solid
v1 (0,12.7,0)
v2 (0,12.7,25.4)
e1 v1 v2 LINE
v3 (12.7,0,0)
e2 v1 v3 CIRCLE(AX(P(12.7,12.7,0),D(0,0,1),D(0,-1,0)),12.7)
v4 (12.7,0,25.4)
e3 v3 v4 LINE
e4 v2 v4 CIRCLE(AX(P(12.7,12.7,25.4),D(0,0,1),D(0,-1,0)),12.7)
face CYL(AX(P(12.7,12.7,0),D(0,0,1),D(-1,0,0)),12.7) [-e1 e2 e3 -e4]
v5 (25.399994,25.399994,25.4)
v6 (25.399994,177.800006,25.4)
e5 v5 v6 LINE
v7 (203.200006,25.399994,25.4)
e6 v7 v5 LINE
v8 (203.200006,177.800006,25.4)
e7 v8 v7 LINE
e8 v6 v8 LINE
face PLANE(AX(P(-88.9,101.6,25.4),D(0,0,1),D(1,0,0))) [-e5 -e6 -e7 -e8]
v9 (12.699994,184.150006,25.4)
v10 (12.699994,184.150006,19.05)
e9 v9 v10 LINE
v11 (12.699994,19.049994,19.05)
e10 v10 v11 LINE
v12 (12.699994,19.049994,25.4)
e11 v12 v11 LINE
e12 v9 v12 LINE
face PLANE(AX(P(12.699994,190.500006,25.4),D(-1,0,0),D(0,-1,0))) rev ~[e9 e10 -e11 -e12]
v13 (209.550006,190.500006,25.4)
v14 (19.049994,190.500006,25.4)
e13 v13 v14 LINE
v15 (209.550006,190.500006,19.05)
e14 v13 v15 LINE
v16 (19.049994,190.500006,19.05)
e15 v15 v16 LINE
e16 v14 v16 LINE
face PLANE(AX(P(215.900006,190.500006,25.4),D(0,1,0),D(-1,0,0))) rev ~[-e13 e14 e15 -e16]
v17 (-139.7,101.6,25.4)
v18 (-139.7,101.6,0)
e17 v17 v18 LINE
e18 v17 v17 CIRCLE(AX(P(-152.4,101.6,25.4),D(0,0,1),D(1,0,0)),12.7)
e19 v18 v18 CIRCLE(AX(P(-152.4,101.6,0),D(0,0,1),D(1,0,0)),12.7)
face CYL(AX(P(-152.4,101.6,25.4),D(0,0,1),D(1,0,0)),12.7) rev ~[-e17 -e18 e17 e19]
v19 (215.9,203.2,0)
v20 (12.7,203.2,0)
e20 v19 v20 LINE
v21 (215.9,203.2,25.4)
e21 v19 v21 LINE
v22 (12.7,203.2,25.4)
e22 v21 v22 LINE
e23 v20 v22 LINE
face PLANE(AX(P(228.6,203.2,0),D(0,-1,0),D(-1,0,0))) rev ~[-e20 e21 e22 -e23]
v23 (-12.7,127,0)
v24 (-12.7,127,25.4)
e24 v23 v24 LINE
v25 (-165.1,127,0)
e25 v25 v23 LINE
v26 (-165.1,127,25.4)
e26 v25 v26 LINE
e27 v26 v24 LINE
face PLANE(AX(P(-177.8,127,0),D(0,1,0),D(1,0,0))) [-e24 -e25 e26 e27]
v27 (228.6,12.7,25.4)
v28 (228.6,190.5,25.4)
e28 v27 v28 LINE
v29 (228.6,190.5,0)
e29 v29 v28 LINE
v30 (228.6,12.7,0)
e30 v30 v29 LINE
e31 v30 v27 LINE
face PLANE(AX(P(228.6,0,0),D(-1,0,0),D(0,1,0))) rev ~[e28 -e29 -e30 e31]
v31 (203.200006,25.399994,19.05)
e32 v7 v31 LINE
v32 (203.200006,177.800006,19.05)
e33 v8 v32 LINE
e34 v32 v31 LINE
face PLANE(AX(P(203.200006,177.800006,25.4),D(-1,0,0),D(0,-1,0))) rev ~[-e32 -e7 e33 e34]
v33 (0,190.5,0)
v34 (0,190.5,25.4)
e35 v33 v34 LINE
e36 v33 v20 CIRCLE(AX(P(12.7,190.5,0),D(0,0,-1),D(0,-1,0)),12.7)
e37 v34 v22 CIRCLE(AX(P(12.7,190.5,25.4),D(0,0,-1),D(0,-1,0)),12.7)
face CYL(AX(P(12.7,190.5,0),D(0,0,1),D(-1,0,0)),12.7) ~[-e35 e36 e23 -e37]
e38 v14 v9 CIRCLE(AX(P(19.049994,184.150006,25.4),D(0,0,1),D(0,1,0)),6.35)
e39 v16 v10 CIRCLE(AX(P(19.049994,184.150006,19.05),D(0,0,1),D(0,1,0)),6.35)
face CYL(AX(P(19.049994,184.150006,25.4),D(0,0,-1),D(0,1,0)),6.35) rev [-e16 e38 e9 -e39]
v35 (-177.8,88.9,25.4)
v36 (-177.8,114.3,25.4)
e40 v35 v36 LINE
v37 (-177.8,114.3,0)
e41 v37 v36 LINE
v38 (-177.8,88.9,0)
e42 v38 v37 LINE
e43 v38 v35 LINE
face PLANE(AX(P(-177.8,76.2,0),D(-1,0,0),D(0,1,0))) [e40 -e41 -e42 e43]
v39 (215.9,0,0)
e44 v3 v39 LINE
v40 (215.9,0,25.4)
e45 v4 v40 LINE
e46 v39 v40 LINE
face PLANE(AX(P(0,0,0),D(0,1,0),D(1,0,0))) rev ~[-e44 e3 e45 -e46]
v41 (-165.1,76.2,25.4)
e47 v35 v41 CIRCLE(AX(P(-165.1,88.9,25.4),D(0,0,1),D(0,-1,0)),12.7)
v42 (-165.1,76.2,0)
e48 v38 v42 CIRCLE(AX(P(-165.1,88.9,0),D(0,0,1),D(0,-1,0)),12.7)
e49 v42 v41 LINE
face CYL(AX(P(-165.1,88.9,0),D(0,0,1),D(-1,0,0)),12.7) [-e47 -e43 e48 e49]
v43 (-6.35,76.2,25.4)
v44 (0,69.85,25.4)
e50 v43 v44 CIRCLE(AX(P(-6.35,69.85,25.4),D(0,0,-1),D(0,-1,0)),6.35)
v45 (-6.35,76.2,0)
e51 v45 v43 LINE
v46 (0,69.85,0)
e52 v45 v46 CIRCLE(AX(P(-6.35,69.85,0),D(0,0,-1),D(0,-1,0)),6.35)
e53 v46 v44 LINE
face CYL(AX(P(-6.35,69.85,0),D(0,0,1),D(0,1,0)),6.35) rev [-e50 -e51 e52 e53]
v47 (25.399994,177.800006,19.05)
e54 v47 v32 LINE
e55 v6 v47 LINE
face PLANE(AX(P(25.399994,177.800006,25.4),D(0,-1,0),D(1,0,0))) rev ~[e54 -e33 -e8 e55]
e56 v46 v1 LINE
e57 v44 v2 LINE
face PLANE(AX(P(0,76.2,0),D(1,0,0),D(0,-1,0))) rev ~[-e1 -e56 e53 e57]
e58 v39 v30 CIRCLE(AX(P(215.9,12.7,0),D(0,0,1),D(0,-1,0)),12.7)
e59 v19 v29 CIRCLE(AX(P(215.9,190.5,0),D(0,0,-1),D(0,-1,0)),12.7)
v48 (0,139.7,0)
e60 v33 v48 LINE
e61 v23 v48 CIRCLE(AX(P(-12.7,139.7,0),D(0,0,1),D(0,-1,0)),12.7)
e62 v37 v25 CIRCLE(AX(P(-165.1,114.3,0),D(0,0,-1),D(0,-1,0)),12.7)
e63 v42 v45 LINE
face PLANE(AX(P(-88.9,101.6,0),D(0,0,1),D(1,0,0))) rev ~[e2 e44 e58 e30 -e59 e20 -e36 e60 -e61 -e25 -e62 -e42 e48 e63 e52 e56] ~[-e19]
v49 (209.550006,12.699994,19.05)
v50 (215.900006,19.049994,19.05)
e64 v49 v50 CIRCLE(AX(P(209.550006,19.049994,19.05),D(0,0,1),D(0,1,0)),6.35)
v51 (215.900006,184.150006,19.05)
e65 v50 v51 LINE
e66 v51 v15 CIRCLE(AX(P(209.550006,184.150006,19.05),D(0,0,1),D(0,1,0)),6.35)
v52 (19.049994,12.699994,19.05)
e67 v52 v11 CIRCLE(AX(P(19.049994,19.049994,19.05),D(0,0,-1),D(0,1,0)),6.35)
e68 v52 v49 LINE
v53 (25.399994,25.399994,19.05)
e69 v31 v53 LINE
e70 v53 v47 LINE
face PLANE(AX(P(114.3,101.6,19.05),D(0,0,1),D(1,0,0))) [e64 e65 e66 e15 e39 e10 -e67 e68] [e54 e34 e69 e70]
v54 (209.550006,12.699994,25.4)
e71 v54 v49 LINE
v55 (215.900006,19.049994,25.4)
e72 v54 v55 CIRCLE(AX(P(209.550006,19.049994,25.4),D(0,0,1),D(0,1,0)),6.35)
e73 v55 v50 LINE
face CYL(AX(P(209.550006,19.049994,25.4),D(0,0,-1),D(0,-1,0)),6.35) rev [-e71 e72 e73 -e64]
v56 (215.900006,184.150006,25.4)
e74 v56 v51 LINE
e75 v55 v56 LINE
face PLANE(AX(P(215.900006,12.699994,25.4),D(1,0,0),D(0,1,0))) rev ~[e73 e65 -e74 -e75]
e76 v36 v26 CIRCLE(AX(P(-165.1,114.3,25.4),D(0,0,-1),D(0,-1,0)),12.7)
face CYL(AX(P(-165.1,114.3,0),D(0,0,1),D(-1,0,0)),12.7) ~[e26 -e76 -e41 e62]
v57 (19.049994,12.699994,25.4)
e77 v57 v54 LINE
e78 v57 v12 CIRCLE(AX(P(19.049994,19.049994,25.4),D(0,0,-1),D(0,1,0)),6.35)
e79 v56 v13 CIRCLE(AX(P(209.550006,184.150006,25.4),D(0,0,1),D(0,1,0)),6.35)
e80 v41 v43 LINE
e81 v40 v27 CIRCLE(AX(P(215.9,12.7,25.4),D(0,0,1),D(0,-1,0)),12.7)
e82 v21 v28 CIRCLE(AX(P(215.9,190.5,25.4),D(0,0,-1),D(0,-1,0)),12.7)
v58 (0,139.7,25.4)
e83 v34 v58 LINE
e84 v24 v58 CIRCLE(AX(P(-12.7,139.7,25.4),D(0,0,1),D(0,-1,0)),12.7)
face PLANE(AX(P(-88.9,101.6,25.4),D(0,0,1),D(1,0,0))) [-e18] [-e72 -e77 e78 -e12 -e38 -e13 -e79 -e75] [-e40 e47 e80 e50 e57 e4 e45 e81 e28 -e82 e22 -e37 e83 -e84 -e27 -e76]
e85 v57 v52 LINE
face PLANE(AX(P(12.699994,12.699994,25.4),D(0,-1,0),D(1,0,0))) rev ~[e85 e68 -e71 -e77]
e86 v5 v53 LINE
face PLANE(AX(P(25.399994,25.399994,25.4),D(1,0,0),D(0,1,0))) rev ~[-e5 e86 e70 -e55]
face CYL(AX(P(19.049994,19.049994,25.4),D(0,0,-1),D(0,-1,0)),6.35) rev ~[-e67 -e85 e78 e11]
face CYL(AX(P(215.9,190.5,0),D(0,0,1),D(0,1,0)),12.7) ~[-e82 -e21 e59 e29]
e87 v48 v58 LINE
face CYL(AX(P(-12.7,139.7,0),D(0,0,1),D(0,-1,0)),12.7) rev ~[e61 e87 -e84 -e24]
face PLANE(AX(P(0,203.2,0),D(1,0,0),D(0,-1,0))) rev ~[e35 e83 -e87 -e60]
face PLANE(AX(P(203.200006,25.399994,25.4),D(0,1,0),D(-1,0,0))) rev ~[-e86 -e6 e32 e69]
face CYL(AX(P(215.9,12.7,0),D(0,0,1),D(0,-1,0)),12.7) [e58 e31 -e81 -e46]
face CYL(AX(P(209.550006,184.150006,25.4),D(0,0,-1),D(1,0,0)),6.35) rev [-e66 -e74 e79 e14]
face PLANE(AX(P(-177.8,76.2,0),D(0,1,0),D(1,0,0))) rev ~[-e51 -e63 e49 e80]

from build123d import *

# Parameters (mm, degrees)
F0_W     = 177.8
F0_H     = 50.8
F1_DEPTH = 25.4
F2_R     = 12.7
F3_DEPTH = 25.4
F5_DEPTH = 6.35
F6_R     = 6.35
F7_R     = 12.7
F8_R     = 6.35


with BuildPart() as f1:
    # F0 (on Top) → F1 (new body)
    with BuildSketch(Plane.XY):
        with Locations((-88.9, 101.6)):
            Rectangle(F0_W, F0_H)
        Polygon((0, 76.2), (0, 0), (228.6, 0), (228.6, 203.2), (0, 203.2), (0, 127), align=None)
    extrude(amount=F1_DEPTH)

    # F2 (on face) → F3 (cut)
    with BuildSketch(Plane.XY.offset(25.4)):
        with Locations((-152.4, 101.6)):
            Circle(F2_R)
    extrude(amount=-F3_DEPTH, mode=Mode.SUBTRACT)

    # F4 (on face) → F5 (cut)
    with BuildSketch(Plane.XY.offset(25.4)):
        Polygon((12.699994, 76.2), (12.699994, 12.699994), (215.900006, 12.699994), (215.900006, 190.500006), (12.699994, 190.500006), (12.699994, 127), align=None)
        Polygon((25.399994, 76.2), (25.399994, 127), (25.399994, 177.800006), (203.200006, 177.800006), (203.200006, 25.399994), (25.399994, 25.399994), align=None, mode=Mode.SUBTRACT)
    extrude(amount=-F5_DEPTH, mode=Mode.SUBTRACT)

    # F6
    f6_edges = [f1.edges().sort_by_distance(p)[0] for p in [
        (12.699994, 190.500006, 22.225),
        (215.900006, 190.500006, 22.225),
        (12.699994, 12.699994, 22.225),
        (215.900006, 12.699994, 22.225),
    ]]
    fillet(f6_edges, radius=F6_R)

    # F7
    f7_edges = [f1.edges().sort_by_distance(p)[0] for p in [
        (0, 203.2, 12.7),
        (0, 127, 12.7),
        (-177.8, 127, 12.7),
        (-177.8, 76.2, 12.7),
        (228.6, 203.2, 12.7),
        (228.6, 0, 12.7),
        (0, 0, 12.7),
    ]]
    fillet(f7_edges, radius=F7_R)

    # F8
    f8_edges = [f1.edges().sort_by_distance(p)[0] for p in [
        (0, 76.2, 12.7),
    ]]
    fillet(f8_edges, radius=F8_R)


solid = f1.part
